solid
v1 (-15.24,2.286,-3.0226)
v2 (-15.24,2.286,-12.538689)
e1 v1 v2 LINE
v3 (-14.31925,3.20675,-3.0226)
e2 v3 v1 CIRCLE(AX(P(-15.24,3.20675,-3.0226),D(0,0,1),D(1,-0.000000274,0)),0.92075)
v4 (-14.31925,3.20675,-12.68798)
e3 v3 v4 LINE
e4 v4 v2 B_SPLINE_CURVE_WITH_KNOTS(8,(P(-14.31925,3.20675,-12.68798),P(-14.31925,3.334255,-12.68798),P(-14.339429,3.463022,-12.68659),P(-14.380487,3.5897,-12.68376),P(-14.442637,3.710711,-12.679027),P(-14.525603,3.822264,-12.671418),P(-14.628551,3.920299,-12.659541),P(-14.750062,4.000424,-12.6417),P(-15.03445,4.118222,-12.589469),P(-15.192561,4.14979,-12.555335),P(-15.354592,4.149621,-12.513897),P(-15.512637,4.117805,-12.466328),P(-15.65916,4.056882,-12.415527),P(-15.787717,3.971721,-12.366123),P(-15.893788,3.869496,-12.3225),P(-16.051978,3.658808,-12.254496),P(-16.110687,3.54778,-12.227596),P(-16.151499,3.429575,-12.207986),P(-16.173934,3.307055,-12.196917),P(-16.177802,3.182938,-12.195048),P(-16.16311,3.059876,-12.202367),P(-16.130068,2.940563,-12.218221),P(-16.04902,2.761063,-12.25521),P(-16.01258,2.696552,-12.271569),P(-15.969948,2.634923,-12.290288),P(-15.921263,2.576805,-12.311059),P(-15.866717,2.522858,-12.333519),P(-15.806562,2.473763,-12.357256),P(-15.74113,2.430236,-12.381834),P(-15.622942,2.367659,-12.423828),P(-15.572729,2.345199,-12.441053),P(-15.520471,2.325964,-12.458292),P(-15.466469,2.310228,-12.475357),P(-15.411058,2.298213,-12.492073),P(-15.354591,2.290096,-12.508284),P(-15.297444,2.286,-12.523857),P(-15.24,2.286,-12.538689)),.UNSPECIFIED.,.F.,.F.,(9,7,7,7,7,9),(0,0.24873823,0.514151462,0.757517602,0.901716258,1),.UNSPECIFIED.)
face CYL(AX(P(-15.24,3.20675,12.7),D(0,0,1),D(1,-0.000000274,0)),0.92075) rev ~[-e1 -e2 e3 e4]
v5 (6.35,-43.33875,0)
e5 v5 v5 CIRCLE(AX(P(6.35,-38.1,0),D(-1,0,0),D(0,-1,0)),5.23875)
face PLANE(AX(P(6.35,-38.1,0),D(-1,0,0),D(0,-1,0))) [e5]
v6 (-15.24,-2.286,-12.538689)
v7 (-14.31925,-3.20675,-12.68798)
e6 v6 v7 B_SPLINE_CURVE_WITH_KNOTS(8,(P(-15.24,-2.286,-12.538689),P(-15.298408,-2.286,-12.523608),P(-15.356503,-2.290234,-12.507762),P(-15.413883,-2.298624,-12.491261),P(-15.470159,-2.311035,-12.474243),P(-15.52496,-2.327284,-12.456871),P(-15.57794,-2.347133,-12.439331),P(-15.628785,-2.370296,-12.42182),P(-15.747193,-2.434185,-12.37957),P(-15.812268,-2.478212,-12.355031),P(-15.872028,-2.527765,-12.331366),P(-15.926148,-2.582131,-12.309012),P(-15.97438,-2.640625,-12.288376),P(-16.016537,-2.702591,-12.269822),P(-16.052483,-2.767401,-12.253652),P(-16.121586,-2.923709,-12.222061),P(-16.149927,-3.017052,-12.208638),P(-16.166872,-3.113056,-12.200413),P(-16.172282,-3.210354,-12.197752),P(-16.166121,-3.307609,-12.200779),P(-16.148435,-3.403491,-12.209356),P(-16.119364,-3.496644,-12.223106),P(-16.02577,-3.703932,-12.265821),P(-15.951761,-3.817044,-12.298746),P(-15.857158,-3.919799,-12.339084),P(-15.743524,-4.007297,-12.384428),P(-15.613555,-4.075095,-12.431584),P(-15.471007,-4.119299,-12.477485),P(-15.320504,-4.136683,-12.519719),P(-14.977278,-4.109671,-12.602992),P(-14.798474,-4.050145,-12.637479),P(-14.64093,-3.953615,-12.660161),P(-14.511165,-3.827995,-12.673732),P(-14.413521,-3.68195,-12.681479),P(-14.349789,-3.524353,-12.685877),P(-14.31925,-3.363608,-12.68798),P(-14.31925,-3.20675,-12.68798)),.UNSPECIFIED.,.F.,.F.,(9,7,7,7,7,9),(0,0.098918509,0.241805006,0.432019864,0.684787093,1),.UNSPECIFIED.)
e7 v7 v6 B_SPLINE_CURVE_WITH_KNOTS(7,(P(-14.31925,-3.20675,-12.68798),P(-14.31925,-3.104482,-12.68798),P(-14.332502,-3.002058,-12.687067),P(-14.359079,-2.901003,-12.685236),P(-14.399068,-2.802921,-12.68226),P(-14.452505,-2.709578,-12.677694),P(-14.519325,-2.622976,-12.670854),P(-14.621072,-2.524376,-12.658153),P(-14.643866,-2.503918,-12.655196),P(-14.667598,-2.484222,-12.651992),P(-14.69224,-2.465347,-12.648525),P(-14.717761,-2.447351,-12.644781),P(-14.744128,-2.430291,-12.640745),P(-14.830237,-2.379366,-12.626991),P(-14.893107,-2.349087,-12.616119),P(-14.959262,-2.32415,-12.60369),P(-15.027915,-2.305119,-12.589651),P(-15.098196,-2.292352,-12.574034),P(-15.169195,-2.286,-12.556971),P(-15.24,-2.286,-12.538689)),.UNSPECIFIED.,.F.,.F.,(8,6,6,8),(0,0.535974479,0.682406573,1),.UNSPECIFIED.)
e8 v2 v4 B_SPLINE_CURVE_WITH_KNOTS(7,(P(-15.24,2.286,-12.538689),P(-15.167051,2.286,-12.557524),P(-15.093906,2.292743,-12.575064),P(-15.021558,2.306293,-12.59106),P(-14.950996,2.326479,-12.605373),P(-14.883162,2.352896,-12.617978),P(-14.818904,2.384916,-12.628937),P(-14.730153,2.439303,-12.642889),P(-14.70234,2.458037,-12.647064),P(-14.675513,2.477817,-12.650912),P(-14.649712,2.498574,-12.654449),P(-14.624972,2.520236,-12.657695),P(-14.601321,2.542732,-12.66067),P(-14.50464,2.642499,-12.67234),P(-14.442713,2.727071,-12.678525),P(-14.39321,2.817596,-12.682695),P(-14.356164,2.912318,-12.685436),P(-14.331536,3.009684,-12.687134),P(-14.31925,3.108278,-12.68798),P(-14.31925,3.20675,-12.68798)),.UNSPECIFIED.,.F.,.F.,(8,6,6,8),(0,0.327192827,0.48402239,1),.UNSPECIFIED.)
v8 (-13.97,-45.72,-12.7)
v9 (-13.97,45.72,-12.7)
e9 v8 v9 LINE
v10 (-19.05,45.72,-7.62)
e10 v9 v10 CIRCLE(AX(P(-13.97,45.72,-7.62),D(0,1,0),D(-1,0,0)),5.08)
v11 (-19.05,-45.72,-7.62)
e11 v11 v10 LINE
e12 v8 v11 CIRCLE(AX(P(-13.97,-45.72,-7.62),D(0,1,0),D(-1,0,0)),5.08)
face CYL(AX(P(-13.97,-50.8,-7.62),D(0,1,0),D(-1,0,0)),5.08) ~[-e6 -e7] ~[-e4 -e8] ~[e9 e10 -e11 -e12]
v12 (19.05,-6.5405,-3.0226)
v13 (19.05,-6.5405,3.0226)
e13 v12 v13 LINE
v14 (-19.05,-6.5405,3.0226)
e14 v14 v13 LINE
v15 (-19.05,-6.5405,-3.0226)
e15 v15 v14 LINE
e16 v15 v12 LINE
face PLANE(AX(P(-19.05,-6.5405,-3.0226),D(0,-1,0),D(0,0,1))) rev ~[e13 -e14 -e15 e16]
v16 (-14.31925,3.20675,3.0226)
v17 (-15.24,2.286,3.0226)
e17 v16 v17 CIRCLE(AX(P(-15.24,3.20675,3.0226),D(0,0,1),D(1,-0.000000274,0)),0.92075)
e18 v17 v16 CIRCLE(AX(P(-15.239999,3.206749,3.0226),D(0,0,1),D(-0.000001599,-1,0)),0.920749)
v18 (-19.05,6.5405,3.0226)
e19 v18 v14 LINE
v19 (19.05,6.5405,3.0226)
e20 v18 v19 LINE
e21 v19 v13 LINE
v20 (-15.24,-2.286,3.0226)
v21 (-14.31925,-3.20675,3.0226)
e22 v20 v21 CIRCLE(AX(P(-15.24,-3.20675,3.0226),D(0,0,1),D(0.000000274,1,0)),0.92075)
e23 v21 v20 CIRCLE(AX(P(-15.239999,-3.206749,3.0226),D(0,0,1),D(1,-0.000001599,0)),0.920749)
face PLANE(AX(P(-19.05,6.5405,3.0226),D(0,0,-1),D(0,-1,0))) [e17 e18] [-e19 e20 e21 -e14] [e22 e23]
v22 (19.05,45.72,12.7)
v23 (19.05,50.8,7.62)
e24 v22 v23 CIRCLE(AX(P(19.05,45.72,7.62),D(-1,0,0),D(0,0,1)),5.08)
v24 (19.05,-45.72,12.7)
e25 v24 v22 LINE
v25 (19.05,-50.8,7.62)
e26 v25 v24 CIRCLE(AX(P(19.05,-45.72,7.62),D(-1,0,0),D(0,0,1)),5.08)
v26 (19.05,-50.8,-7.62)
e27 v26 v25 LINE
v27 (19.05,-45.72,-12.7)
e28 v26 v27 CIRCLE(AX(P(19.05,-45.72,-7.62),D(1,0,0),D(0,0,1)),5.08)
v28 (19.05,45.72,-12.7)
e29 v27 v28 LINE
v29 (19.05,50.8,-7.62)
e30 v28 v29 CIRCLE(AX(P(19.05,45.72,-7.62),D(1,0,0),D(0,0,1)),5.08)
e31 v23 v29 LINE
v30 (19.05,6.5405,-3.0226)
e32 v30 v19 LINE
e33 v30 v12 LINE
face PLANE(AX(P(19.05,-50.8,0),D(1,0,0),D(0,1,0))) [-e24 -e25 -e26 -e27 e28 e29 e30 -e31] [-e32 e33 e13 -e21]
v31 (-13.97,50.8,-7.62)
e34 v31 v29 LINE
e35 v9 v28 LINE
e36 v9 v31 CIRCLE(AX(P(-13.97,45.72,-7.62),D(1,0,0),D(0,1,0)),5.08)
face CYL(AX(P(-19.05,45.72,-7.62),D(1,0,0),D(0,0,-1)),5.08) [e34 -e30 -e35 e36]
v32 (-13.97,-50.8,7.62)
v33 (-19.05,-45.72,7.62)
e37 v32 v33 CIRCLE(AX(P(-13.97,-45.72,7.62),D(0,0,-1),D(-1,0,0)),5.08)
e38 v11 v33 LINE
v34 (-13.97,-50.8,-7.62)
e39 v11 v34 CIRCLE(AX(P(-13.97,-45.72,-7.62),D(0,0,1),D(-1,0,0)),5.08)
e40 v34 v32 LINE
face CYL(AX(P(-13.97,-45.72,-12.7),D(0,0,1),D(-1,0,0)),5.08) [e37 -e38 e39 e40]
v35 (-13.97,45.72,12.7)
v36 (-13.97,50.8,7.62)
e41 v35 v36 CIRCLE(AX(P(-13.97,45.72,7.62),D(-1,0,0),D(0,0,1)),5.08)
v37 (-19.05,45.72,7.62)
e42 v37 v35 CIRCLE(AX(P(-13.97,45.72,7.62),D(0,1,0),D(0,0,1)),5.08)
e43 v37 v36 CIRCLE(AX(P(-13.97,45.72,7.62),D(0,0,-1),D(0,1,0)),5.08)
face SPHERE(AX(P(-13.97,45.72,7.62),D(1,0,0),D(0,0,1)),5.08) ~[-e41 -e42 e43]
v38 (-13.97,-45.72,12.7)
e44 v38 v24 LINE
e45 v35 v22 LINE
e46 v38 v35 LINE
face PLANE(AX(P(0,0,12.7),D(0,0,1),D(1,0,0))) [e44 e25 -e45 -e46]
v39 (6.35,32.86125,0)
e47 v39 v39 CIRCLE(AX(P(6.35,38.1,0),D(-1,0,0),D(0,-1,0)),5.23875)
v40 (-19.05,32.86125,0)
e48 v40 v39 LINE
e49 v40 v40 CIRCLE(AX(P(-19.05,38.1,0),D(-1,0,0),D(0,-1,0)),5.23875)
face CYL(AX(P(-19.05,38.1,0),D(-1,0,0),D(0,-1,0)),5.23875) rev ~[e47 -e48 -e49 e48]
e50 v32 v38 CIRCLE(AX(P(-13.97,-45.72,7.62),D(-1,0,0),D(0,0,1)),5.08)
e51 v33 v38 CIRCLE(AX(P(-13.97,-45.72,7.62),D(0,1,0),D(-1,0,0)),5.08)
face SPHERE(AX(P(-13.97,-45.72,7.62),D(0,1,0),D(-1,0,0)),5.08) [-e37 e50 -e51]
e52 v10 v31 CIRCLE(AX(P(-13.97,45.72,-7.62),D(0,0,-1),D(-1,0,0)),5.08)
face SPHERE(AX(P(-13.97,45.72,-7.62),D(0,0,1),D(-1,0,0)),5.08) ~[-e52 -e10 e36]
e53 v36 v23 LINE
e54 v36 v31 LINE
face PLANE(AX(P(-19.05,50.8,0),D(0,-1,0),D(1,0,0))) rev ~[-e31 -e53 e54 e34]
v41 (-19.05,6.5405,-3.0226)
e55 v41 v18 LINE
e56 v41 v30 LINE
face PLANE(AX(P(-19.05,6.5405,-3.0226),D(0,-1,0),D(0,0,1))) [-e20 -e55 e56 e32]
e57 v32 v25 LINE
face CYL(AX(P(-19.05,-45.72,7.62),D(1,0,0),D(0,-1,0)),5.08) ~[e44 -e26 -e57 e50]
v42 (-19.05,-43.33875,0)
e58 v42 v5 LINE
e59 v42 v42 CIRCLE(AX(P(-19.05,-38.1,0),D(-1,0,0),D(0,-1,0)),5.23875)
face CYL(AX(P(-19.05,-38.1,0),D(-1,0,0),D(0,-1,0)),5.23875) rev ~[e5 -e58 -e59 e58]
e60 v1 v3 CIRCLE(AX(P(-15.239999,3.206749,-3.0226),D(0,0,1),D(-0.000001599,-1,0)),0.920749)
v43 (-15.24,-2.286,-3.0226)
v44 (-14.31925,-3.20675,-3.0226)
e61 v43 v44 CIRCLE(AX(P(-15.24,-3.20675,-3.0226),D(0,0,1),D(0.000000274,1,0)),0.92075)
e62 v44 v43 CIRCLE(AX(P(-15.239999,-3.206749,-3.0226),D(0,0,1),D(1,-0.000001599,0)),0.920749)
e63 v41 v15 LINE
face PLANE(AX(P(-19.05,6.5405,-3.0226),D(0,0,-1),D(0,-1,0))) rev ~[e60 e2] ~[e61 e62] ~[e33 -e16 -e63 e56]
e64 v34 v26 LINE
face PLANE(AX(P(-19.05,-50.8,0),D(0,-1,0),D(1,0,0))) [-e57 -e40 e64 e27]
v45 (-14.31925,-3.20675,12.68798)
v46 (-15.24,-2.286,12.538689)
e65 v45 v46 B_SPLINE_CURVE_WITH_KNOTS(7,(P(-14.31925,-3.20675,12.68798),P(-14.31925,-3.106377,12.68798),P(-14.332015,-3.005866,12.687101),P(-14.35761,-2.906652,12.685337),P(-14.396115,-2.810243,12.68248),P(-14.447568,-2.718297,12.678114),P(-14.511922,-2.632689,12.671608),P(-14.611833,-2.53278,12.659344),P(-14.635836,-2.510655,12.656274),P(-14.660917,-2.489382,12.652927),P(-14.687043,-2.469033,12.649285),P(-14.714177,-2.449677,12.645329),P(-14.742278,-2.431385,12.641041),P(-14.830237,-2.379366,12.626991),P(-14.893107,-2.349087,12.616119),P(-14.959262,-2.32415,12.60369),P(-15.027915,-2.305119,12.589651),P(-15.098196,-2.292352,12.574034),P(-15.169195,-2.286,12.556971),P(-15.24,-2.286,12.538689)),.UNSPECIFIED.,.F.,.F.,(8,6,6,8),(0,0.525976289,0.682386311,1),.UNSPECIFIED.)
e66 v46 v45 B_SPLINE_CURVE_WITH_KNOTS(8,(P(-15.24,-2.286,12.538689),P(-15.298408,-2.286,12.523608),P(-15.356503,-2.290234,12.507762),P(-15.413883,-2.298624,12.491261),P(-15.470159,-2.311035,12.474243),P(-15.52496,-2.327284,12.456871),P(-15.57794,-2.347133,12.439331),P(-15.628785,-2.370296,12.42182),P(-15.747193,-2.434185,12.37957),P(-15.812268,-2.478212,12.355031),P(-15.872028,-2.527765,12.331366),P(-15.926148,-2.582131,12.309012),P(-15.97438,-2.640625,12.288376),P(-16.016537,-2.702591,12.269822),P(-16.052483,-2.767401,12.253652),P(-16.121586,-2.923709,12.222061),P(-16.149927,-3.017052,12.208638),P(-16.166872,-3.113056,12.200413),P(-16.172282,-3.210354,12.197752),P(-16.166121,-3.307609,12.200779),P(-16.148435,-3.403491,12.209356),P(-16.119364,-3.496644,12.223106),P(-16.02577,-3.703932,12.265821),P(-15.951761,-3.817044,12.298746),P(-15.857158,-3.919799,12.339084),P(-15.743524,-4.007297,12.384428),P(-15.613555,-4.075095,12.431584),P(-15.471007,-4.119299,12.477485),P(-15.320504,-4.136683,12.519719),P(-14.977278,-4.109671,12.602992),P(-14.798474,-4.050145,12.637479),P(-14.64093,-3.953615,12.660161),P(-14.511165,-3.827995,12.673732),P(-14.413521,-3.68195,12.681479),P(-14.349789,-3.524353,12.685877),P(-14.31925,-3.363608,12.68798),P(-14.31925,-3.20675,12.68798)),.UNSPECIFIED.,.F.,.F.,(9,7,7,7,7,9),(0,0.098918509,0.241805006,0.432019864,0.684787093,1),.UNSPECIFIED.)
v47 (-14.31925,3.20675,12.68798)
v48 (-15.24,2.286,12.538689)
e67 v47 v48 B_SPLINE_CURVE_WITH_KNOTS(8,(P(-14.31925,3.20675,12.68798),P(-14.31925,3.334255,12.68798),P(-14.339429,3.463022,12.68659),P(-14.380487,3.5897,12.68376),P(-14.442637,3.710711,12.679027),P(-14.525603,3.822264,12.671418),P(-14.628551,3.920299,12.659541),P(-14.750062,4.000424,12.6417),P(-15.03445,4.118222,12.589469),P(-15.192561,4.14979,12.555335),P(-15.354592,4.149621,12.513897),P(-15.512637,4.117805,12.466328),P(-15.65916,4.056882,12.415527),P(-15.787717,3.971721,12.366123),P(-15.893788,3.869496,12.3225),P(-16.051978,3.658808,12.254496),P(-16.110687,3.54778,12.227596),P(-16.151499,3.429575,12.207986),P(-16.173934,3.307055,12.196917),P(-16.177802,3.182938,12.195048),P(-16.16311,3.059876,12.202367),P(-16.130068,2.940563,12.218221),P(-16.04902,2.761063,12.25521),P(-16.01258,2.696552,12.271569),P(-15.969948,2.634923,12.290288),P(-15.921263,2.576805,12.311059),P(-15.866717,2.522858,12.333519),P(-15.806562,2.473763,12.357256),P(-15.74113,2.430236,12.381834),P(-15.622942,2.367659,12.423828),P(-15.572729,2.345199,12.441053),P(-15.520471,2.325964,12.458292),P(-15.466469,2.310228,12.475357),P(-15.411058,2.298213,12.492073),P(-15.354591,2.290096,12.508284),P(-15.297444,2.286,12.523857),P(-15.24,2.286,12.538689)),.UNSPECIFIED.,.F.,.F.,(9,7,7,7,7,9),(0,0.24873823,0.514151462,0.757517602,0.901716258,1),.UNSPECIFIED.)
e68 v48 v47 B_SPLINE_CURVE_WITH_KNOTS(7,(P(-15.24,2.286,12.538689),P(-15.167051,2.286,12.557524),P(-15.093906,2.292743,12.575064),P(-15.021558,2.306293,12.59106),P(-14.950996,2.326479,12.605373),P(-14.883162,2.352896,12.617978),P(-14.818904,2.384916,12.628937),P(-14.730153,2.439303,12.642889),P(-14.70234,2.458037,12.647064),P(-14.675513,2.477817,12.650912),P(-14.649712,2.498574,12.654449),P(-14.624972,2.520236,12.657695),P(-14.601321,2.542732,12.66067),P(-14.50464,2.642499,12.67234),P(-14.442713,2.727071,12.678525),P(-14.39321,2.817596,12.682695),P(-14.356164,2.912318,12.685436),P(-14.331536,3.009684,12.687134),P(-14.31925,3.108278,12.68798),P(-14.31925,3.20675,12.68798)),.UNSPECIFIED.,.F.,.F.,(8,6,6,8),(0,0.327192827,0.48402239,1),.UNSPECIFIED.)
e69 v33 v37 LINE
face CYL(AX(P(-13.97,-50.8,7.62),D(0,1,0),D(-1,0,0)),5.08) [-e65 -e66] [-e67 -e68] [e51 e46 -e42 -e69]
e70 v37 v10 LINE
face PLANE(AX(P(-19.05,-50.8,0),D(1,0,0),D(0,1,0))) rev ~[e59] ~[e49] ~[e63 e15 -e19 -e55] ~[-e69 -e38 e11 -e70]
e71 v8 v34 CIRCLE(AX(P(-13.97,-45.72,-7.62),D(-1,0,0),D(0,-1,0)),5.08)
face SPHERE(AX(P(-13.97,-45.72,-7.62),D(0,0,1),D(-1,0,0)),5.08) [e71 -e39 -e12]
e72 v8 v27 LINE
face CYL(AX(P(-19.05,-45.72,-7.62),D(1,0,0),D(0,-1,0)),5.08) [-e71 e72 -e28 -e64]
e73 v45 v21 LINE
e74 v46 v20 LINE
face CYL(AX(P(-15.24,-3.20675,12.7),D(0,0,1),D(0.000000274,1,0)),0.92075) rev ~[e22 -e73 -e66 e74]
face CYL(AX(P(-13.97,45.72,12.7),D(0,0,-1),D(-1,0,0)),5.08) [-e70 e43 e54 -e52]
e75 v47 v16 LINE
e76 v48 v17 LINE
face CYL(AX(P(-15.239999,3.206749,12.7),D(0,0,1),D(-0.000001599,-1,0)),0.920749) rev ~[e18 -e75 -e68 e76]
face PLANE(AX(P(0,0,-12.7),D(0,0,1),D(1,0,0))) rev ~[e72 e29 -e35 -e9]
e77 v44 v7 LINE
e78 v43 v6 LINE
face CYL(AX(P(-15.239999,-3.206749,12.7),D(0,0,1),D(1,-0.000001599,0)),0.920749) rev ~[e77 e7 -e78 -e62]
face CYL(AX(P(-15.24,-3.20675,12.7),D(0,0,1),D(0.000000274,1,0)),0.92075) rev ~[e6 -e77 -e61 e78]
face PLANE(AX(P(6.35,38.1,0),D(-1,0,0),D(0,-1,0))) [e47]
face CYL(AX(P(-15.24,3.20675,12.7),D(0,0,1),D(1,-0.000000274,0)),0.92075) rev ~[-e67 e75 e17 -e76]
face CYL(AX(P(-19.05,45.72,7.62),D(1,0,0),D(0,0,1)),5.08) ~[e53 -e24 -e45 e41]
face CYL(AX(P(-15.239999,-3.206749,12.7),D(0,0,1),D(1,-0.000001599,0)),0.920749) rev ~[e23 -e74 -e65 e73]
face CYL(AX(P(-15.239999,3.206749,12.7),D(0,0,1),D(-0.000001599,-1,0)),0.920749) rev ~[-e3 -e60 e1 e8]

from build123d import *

# Parameters (mm, degrees)
F0_W     = 38.1
F0_H     = 101.6
F1_DEPTH = 12.7
F2_R     = 5.23875
F3_DEPTH = 25.4
F4_R     = 5.08
F5_W     = 13.081
F5_H     = 6.0452
F6_DEPTH = 38.1
F8_DEPTH = 25.401


with BuildPart() as f1:
    # F0 (on Top) → F1 (new body, symmetric)
    with BuildSketch(Plane.XY):
        Rectangle(F0_W, F0_H)
    extrude(amount=F1_DEPTH, both=True)

    # F2 (on face) → F3 (cut)
    with BuildSketch(Plane(origin=(-19.05, 0, 0), x_dir=(0, -1, 0), z_dir=(-1, 0, 0))):
        with Locations((38.1, 0)):
            Circle(F2_R)
        with Locations((-38.1, 0)):
            Circle(F2_R)
    extrude(amount=-F3_DEPTH, mode=Mode.SUBTRACT)

    # F4
    f4_edges = [f1.edges().sort_by_distance(p)[0] for p in [
        (0, 50.8, 12.7),
        (-19.05, 0, 12.7),
        (-19.05, 50.8, 0),
        (-19.05, -50.8, 0),
        (-19.05, 0, -12.7),
        (0, 50.8, -12.7),
        (0, -50.8, -12.7),
        (0, -50.8, 12.7),
    ]]
    fillet(f4_edges, radius=F4_R)

    # F5 (on face) → F6 (cut, through all)
    with BuildSketch(Plane(origin=(-19.05, 0, 0), x_dir=(0, -1, 0), z_dir=(-1, 0, 0))):
        Rectangle(F5_W, F5_H)
    extrude(amount=-F6_DEPTH, mode=Mode.SUBTRACT)

    # F7 (on face) → F8 (cut, through all)
    with BuildSketch(Plane.XY.offset(12.7)):
        with BuildLine():
            ThreePointArc((-14.31925, -3.20675), (-14.588931, -2.555681), (-15.24, -2.286))
            ThreePointArc((-15.24, -2.286), (-15.891069, -3.857819), (-14.31925, -3.20675))
        make_face()
        with BuildLine():
            ThreePointArc((-14.31925, 3.20675), (-15.891069, 3.857819), (-15.24, 2.286))
            ThreePointArc((-15.24, 2.286), (-14.588931, 2.555681), (-14.31925, 3.20675))
        make_face()
    extrude(amount=-F8_DEPTH, mode=Mode.SUBTRACT)


solid = f1.part
